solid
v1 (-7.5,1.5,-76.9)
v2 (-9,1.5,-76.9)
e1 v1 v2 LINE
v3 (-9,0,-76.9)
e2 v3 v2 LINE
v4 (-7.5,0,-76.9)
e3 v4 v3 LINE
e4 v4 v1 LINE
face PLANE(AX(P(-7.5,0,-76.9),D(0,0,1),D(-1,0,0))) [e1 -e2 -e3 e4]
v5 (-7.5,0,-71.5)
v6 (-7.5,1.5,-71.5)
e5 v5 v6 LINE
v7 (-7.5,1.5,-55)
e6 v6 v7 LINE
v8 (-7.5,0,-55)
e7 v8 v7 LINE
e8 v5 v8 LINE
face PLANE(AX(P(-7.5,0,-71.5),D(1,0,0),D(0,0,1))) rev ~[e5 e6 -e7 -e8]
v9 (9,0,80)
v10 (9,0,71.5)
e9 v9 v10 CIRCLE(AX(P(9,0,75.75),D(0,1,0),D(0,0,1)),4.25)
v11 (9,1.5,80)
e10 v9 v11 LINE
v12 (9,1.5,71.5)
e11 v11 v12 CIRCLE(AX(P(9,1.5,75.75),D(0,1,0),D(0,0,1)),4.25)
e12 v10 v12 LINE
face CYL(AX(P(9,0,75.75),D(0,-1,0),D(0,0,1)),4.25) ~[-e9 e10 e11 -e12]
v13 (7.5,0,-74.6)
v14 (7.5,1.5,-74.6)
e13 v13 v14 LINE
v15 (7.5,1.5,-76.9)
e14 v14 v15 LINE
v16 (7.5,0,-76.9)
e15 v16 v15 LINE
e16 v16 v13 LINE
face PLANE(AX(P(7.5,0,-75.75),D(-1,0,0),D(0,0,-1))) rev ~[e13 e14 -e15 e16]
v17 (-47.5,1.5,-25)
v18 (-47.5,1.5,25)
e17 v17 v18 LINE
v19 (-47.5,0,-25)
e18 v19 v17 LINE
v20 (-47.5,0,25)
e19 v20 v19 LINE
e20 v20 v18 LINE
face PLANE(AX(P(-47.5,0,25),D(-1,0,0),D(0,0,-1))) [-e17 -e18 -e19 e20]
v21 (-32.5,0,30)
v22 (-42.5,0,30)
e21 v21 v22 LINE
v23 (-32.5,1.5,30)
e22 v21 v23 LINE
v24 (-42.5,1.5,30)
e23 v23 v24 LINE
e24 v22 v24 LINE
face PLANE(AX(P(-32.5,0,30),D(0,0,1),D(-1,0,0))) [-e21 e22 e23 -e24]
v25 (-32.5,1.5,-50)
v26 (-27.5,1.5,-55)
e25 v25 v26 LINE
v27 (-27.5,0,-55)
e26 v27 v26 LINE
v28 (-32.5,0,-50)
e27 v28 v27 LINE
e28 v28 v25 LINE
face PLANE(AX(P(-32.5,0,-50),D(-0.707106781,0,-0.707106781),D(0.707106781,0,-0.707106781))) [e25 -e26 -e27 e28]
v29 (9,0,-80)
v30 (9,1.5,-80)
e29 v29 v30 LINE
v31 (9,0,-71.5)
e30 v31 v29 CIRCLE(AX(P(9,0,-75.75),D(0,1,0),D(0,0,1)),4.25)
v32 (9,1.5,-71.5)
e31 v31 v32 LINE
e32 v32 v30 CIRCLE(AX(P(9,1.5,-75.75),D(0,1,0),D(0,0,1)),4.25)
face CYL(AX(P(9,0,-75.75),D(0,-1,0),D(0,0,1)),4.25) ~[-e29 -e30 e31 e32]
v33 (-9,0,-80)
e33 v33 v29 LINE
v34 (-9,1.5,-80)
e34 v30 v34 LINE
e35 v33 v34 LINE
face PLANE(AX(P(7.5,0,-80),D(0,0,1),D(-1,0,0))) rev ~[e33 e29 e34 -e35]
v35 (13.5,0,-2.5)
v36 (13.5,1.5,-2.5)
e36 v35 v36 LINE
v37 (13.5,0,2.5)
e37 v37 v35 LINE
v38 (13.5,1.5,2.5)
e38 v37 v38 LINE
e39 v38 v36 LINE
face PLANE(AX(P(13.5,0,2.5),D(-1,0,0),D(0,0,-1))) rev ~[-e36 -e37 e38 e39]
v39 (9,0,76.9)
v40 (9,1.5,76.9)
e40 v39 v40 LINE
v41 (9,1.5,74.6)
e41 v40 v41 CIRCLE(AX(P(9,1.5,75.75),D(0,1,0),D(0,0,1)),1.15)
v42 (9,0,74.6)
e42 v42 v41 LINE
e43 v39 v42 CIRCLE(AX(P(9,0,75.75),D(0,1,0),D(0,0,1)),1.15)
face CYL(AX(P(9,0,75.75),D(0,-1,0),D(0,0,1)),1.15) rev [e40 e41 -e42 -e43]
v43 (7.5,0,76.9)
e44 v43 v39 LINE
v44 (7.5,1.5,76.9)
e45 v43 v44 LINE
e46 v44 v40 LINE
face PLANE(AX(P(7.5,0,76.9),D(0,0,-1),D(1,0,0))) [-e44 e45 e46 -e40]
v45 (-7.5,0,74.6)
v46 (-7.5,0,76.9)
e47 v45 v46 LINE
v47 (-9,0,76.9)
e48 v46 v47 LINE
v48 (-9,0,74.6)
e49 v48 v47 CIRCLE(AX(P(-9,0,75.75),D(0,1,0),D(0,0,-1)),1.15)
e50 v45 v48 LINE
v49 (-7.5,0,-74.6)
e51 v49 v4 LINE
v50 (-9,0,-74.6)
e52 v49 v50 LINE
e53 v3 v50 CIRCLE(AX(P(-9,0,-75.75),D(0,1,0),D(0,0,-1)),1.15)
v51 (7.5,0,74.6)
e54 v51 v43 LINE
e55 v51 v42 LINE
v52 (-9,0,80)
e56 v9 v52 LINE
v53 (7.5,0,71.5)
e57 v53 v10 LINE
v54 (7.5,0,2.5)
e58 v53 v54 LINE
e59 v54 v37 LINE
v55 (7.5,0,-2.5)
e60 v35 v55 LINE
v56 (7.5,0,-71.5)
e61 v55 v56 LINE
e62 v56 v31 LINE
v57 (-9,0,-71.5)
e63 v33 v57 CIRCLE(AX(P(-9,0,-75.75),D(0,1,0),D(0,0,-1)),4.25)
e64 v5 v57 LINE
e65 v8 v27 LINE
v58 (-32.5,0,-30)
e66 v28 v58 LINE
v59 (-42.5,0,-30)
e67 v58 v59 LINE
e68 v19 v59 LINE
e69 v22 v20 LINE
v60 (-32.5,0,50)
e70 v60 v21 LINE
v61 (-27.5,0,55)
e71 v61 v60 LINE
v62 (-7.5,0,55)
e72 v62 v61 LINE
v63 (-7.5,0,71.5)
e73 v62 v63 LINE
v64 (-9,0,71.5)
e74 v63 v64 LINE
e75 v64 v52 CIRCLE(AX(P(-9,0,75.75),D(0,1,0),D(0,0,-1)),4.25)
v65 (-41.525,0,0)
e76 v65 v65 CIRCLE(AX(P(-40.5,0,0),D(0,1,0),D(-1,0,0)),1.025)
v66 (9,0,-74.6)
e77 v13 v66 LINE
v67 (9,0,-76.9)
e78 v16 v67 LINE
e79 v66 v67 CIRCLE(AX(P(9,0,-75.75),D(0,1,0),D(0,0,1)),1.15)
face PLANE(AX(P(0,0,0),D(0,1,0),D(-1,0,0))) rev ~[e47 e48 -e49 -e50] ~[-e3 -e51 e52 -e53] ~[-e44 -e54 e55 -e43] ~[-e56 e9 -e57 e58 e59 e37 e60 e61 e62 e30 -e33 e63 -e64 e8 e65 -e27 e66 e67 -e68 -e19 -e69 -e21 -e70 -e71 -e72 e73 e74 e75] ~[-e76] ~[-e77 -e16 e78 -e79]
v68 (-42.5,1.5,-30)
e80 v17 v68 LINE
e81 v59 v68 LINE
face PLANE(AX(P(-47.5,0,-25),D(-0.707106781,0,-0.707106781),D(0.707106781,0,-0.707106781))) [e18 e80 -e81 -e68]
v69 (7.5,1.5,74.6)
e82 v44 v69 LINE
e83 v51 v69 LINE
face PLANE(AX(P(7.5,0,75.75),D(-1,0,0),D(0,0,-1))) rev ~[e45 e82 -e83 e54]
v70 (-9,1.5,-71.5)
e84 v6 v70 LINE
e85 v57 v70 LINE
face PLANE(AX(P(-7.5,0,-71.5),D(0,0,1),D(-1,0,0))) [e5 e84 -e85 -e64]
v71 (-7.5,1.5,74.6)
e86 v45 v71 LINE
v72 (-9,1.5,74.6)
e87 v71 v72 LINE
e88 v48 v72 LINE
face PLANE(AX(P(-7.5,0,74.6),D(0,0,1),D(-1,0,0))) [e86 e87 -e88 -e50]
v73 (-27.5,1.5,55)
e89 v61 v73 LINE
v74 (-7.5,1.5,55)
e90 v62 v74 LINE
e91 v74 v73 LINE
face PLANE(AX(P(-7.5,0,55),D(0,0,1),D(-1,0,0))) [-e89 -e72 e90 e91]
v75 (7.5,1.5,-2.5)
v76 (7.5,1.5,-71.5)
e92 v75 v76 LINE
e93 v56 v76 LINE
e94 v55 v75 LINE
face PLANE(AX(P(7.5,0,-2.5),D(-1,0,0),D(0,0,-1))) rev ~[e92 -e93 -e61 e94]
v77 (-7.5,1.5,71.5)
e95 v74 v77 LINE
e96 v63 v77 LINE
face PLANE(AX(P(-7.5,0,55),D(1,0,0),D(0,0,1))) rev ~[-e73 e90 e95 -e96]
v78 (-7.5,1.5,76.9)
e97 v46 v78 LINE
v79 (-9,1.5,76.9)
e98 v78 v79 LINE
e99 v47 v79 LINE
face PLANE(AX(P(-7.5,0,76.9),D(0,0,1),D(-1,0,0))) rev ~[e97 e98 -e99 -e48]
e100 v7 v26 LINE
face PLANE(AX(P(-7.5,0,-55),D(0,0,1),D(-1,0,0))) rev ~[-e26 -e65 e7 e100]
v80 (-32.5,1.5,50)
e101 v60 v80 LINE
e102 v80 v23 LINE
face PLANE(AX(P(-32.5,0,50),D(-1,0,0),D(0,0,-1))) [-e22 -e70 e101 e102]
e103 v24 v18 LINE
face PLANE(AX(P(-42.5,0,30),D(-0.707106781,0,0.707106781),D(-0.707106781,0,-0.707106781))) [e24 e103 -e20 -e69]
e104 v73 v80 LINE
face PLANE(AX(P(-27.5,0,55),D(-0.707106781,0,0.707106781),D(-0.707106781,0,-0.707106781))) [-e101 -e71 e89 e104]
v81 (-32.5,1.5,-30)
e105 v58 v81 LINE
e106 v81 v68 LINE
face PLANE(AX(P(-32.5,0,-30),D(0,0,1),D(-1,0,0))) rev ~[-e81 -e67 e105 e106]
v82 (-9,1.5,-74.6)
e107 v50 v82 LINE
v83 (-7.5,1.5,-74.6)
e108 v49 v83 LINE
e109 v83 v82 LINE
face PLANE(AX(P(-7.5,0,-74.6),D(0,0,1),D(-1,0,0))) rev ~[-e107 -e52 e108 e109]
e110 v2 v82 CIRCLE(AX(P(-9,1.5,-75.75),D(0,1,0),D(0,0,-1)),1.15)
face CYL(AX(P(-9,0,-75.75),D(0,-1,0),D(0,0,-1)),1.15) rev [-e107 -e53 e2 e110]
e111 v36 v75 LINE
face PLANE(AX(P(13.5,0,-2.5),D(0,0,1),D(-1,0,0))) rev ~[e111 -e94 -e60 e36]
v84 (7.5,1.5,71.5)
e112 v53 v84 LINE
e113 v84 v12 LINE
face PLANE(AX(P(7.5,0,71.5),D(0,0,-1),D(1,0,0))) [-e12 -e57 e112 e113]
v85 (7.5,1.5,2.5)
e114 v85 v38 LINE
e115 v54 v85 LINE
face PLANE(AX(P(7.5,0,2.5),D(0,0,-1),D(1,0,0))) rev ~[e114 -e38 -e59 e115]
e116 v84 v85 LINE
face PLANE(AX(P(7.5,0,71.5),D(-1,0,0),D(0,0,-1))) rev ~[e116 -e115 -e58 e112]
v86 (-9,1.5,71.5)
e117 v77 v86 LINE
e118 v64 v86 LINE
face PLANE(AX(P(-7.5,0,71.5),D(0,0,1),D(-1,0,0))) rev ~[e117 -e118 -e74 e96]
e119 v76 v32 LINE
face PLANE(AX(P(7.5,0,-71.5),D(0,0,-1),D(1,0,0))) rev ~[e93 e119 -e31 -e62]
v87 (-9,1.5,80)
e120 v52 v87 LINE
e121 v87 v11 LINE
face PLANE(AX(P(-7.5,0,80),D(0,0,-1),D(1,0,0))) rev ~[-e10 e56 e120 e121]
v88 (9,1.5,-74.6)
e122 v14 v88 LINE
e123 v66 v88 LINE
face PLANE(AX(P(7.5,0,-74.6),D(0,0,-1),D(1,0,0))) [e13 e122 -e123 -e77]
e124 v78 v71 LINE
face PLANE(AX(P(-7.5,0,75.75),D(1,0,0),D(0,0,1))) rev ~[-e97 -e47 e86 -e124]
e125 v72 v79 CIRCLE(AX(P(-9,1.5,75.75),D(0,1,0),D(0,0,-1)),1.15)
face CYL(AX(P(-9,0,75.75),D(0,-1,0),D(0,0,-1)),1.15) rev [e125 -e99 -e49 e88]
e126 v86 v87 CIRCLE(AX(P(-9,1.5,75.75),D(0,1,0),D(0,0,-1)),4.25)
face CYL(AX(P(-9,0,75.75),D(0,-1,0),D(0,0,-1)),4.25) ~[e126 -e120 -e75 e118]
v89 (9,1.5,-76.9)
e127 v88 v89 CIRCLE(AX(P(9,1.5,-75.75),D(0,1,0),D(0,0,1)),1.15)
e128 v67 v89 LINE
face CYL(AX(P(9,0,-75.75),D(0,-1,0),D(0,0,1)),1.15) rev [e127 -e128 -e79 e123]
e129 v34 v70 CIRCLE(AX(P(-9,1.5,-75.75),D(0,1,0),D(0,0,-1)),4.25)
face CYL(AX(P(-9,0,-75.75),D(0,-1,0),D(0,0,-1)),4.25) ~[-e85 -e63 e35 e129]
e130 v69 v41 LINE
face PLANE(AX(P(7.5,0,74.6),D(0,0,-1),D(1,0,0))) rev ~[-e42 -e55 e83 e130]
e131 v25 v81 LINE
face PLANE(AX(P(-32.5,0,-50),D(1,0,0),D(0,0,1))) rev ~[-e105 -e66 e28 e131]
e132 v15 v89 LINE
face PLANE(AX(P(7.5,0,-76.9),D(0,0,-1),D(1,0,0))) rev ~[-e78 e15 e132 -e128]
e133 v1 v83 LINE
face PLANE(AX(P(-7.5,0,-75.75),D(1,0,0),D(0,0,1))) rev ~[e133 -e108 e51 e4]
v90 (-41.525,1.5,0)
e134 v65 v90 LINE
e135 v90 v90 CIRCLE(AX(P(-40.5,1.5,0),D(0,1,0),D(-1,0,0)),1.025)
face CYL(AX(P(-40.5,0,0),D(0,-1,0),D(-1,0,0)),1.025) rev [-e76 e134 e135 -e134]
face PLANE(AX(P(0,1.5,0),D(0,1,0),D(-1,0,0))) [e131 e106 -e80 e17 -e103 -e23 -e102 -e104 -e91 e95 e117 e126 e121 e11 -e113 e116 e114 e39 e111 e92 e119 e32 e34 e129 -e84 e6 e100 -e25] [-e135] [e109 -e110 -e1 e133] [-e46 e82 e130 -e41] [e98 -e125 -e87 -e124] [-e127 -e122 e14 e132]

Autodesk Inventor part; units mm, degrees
ref_plane "YZ Plane" through (0, 0, 0) normal (1, 0, 0) x (0, 1, 0)
ref_plane "XZ Plane" through (0, 0, 0) normal (0, 1, 0) x (-1, 0, 0)
ref_plane "XY Plane" through (0, 0, 0) normal (0, 0, 1) x (1, 0, 0)
sketch "Sketch1" plane through (0, 0, 0) normal (0, 1, 0) x (-1, 0, 0)
  line L0 (7.5, 80) -> (-7.5, 80)
  line L1 (-7.5, 80) -> (-7.5, -80)
  line L2 (-7.5, -80) -> (7.5, -80)
  line L3 (7.5, -80) -> (7.5, 80)
  line L4 (7.5, 80) -> (-7.5, -80) construction
  line L5 (7.5, -80) -> (-7.5, 80) construction
  line L6 (7.5, 75.75) -> (9, 75.75)
  line L7 (7.5, 80) -> (9, 80)
  line L8 (7.5, 71.5) -> (9, 71.5)
  arc A0 (9, 71.5) -> (9, 80) centre (9, 75.75) ccw
  line L9 (7.5, 74.6) -> (9, 74.6)
  line L10 (7.5, 76.9) -> (9, 76.9)
  arc A1 (9, 74.6) -> (9, 76.9) centre (9, 75.75) ccw
  line L11 (0, 80) -> (0, -80) construction
  line L12 (7.5, 0) -> (-7.5, 0) construction
  line L13 (-7.5, 75.75) -> (-9, 75.75)
  line L14 (-7.5, 80) -> (-9, 80)
  line L15 (-7.5, 71.5) -> (-9, 71.5)
  arc A2 (-9, 80) -> (-9, 71.5) centre (-9, 75.75) ccw
  line L16 (-7.5, 74.6) -> (-9, 74.6)
  line L17 (-7.5, 76.9) -> (-9, 76.9)
  arc A3 (-9, 76.9) -> (-9, 74.6) centre (-9, 75.75) ccw
  line L18 (7.5, -75.75) -> (9, -75.75)
  line L19 (7.5, -80) -> (9, -80)
  line L20 (7.5, -71.5) -> (9, -71.5)
  arc A4 (9, -80) -> (9, -71.5) centre (9, -75.75) ccw
  line L21 (7.5, -74.6) -> (9, -74.6)
  line L22 (7.5, -76.9) -> (9, -76.9)
  arc A5 (9, -76.9) -> (9, -74.6) centre (9, -75.75) ccw
  arc A6 (-9, -71.5) -> (-9, -80) centre (-9, -75.75) ccw
  line L23 (-7.5, -71.5) -> (-9, -71.5)
  line L24 (-7.5, -74.6) -> (-9, -74.6)
  arc A7 (-9, -74.6) -> (-9, -76.9) centre (-9, -75.75) ccw
  line L25 (-7.5, -75.75) -> (-9, -75.75)
  line L26 (-7.5, -76.9) -> (-9, -76.9)
  line L27 (-7.5, -80) -> (-9, -80)
  line L28 (7.5, 55) -> (27.5, 55)
  line L29 (32.5, 50) -> (32.5, 30)
  line L30 (32.5, 30) -> (42.5, 30)
  line L31 (47.5, 25) -> (47.5, 0)
  line L32 (64.2072, 0) -> (-38.11, 0) construction
  line L33 (7.5, -55) -> (27.5, -55)
  line L34 (32.5, -50) -> (32.5, -30)
  line L35 (32.5, -30) -> (42.5, -30)
  line L36 (47.5, -25) -> (47.5, 0)
  line L37 (27.5, 55) -> (32.5, 50)
  line L38 (42.5, 30) -> (47.5, 25)
  line L39 (47.5, -25) -> (42.5, -30)
  line L40 (32.5, -50) -> (27.5, -55)
  circle A8 centre (40.5, 0) radius 1.025
  circle A9 centre (-11.5, 0) radius 1.025
  line L41 (-7.5, 2.5) -> (-13.5, 2.5)
  line L42 (-13.5, 2.5) -> (-13.5, -2.5)
  line L43 (-13.5, -2.5) -> (-7.5, -2.5)
  line L44 (-7.5, -2.5) -> (-7.5, 2.5)
  point P0 (0, 0)
  point P1 (0, 0)
  point P2 (8.25, 71.5)
  point P3 (32.5, 55)
  point P4 (47.5, 30)
  point P5 (32.5, -55)
  point P6 (47.5, -30)
  dimension "d0" = 160
  dimension "d1" = 15
  dimension "d2" = 1.5
  dimension "d3" = 4.25
  dimension "d5" = 4.25
  dimension "d6" = 4.25
  dimension "d7" = 1.15
  dimension "d8" = 1.15
  dimension "d9" = 1.15
  dimension "d10" = 25
  dimension "d11" = 25
  dimension "d12" = 15
  dimension "d13" = 25
  dimension "d14" = 25
  dimension "d15" = 5
  dimension "d16" = 5
  dimension "d17" = 5
  dimension "d18" = 5
  dimension "d19" = 5
  dimension "d20" = 5
  dimension "d21" = 5
  dimension "d22" = 5
  dimension "d24" = 2.05
  dimension "d25" = 7
  dimension "d26" = 2.05
  dimension "d27" = 4
  dimension "d28" = 2.5
  dimension "d29" = 2.5
  dimension "d30" = 6
extrude "Extrusion1" add sketch "Sketch1" along normal blind 1.5 contours L3 L2 L1 L0 | L7 A0 L8 L3 L9 A1 L10 | L1 L17 A3 L16 L15 A2 L14 | L28 L37 L29 L30 L38 L31 L36 L39 L35 L34 L40 L33 L3 | L1 L43 L42 L41 | L20 A4 L19 L3 L22 A5 L21 | L1 L24 A7 L26 L27 A6 L23 | A9
equation "\"d16\" = d15"
equation "\"d17\" = d15"
equation "\"d18\" = d17"
equation "\"d19\" = d15"
equation "\"d20\" = d19"
equation "\"d21\" = d15"
equation "\"d22\" = d21"
properties part number "linefollower_chassy_model_3"
